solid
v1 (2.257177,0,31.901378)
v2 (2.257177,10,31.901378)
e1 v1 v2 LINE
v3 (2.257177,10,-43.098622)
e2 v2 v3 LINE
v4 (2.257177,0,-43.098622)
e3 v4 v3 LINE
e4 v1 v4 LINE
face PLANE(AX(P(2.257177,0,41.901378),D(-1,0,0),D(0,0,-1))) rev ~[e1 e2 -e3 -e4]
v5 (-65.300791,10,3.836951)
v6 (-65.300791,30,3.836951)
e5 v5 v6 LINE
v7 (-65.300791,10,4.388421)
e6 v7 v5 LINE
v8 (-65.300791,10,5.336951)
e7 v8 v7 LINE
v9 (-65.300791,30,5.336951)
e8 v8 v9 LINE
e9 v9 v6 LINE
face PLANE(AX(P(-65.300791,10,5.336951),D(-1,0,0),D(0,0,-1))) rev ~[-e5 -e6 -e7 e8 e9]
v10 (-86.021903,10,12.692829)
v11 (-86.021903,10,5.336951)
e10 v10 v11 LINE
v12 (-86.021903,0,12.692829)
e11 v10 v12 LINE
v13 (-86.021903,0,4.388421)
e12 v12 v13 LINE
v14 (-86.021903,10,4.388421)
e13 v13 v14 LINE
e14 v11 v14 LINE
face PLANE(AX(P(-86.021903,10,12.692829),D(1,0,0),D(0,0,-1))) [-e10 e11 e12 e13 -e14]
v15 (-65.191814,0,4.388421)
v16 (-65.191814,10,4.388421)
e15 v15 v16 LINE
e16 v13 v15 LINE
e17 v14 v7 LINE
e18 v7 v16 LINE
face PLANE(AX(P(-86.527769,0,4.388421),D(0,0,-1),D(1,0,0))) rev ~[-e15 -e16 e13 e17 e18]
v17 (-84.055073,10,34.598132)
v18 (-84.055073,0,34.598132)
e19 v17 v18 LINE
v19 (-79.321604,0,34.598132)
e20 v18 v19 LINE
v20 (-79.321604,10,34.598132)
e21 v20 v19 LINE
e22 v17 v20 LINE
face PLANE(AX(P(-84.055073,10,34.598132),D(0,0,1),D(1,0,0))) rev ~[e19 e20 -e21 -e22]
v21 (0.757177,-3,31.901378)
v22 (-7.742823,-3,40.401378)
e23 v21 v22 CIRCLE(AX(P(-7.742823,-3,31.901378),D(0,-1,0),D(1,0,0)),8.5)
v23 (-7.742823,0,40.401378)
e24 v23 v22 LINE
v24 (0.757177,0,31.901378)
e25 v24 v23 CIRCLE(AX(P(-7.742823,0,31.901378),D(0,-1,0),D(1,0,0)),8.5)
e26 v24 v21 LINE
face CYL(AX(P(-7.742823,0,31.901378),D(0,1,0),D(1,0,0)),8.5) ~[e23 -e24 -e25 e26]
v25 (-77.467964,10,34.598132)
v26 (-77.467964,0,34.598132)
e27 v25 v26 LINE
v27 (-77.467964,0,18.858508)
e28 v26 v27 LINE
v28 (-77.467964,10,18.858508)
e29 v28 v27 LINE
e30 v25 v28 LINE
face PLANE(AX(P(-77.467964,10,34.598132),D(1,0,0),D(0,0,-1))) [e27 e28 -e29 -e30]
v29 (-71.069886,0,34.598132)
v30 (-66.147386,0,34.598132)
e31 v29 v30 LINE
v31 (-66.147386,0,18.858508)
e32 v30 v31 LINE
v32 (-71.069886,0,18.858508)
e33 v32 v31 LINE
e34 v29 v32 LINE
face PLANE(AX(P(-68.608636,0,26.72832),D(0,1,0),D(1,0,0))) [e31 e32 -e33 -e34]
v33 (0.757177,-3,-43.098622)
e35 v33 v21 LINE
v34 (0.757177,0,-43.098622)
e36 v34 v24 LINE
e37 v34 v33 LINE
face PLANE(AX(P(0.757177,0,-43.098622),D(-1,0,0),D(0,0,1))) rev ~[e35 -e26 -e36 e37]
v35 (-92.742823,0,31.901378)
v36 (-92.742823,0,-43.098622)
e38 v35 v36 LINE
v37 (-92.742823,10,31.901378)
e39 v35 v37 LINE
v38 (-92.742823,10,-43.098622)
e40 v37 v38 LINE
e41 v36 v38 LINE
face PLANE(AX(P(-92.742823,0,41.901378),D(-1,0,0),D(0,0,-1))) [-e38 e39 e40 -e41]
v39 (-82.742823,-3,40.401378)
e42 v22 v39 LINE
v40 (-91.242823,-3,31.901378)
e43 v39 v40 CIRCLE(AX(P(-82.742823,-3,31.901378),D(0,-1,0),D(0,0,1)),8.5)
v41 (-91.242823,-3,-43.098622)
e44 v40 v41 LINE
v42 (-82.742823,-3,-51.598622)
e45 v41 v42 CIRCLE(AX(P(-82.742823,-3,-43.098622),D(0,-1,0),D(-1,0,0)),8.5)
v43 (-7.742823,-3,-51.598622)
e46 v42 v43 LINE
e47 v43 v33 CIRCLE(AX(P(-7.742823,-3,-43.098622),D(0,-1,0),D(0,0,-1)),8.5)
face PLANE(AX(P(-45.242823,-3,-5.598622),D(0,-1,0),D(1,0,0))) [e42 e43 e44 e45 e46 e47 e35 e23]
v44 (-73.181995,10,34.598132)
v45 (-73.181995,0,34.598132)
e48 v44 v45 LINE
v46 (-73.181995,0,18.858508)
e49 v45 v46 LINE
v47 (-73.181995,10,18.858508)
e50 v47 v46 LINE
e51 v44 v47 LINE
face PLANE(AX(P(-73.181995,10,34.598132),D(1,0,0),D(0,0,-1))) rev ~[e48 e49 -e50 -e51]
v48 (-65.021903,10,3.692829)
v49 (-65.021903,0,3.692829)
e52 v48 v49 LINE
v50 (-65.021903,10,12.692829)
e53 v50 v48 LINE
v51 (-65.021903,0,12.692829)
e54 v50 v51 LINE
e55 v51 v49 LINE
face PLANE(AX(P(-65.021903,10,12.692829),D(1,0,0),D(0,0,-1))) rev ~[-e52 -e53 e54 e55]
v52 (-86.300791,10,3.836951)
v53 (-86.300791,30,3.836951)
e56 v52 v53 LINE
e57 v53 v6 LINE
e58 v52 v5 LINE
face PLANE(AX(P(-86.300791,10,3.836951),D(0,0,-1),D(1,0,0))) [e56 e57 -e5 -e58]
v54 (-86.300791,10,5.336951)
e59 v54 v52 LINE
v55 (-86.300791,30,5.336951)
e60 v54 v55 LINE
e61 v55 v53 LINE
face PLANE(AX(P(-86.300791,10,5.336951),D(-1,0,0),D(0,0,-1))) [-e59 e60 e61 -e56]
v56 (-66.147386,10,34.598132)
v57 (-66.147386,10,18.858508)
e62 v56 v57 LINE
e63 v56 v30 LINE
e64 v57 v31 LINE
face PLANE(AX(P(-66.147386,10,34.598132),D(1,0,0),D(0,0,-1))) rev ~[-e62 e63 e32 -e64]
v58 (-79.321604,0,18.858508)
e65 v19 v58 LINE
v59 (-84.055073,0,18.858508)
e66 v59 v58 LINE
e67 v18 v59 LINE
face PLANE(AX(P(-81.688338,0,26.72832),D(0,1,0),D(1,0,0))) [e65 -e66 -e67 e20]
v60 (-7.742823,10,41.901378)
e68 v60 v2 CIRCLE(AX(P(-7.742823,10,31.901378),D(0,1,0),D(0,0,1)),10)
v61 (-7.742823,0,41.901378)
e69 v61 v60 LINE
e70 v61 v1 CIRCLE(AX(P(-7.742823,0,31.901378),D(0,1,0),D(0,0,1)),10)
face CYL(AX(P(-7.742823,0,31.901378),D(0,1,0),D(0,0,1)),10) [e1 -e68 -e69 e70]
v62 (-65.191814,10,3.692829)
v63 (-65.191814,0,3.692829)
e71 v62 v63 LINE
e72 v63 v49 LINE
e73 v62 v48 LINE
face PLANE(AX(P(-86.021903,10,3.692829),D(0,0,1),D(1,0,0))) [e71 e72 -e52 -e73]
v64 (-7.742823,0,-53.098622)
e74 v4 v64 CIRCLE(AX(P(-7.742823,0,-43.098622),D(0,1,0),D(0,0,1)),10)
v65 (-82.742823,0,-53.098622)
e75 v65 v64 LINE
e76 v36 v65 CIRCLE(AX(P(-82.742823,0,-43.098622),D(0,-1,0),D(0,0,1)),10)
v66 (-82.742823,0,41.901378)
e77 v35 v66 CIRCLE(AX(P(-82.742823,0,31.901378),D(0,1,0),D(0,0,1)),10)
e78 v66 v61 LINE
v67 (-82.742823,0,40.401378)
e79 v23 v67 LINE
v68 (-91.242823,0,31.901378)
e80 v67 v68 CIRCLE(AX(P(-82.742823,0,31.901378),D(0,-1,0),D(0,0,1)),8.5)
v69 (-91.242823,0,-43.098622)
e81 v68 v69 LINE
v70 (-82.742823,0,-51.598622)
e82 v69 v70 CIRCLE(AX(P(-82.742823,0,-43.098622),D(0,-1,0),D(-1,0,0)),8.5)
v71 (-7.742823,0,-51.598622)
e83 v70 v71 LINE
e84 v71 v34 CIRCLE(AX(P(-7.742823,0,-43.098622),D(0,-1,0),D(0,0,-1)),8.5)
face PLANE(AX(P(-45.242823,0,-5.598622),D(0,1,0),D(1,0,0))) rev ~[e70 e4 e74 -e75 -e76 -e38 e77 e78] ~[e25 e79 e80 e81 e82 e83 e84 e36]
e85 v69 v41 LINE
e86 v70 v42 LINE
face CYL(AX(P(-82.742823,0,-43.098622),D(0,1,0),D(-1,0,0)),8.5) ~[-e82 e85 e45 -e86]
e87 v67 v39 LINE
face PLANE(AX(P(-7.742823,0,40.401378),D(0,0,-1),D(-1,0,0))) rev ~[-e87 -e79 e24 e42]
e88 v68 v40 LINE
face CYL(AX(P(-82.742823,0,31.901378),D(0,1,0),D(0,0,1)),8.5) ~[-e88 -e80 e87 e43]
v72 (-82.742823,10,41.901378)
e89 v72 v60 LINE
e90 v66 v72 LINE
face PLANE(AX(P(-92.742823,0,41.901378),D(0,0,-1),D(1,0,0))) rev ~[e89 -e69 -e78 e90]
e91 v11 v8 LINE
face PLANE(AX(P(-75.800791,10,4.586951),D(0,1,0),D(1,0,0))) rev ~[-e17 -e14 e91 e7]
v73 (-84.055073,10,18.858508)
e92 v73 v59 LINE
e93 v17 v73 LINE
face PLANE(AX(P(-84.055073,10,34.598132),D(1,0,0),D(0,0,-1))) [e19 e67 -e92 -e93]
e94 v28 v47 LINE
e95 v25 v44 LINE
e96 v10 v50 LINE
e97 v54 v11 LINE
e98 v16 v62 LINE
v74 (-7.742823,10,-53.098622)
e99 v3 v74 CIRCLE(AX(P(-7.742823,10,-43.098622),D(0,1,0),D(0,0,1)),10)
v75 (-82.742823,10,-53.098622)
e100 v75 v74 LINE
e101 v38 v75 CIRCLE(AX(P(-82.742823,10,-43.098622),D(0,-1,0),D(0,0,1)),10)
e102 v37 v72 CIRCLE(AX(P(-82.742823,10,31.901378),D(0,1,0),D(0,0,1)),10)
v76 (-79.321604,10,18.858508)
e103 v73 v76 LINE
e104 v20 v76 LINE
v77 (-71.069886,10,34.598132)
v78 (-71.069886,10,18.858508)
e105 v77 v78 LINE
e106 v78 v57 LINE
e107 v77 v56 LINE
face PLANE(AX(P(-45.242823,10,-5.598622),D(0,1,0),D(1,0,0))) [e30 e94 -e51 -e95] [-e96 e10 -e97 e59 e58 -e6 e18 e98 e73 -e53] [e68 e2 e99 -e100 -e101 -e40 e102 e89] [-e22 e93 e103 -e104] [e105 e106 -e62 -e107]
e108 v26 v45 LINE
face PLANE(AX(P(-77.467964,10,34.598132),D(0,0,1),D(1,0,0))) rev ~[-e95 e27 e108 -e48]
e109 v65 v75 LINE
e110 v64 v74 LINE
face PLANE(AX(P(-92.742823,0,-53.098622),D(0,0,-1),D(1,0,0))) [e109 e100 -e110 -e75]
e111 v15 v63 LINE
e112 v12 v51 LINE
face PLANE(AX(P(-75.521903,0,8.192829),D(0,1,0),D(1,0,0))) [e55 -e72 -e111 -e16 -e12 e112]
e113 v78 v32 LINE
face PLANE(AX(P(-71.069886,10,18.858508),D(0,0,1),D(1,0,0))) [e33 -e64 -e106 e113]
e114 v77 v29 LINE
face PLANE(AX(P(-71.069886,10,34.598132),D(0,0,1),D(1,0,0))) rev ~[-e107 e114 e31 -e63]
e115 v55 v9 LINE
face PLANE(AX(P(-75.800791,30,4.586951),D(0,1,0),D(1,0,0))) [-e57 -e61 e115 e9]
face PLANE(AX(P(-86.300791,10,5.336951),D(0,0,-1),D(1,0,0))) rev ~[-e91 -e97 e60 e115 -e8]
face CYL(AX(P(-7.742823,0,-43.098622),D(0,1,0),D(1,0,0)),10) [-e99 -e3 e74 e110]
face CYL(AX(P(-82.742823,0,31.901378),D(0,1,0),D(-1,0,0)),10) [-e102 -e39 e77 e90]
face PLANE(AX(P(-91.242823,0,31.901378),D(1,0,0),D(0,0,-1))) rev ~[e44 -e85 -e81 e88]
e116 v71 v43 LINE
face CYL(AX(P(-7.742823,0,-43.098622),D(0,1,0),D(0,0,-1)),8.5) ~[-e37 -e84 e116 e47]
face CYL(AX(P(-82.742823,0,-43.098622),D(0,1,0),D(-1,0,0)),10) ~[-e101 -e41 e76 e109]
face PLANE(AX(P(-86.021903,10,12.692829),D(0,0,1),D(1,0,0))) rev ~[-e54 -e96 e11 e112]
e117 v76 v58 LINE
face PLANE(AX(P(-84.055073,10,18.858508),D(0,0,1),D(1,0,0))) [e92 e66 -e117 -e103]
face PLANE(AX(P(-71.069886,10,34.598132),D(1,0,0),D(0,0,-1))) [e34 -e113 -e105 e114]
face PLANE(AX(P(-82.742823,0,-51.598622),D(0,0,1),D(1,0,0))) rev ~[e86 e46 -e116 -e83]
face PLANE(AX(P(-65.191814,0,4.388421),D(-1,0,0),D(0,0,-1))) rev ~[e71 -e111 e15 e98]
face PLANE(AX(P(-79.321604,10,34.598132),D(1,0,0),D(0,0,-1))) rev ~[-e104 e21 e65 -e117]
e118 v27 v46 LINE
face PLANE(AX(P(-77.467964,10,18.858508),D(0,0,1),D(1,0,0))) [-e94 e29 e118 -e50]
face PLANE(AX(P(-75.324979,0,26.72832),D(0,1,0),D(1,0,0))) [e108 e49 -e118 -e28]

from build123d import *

# Parameters (mm, degrees)
SKETCH1_W            = 95
SKETCH1_H            = 95
BOSS_EXTRUDE1_DEPTH  = 10
FILLET1_R            = 10
BOSS_EXTRUDE2_DEPTH  = 3
SKETCH5_W            = 4.733468523
SKETCH5_H            = 15.739624206
SKETCH5_W_2          = 4.285968544
SKETCH5_W_3          = 4.922499766
CUT_EXTRUDE1_DEPTH   = 10
SKETCH14_W           = 21
SKETCH14_H           = 9
CUT_EXTRUDE2_DEPTH   = 10
SKETCH16_W           = 21.335954762
SKETCH16_H           = 13.618694529
BOSS_EXTRUDE7_DEPTH  = 10
SKETCH20_W           = 21
SKETCH20_H           = 1.5
BOSS_EXTRUDE13_DEPTH = 20


with BuildPart() as part:
    # Sketch1 → Boss-Extrude1 (new body)
    with BuildSketch(Plane(origin=(-45.242822535, 0, -5.598622024), x_dir=(1, 0, 0), z_dir=(0, 1, 0))):
        Rectangle(SKETCH1_W, SKETCH1_H)
    extrude(amount=BOSS_EXTRUDE1_DEPTH)

    # Fillet1
    fillet1_edges = [part.edges().sort_by_distance(p)[0] for p in [
        (2.257177465, 5, 41.901377976),
        (-92.742822535, 5, 41.901377976),
        (-92.742822535, 5, -53.098622024),
        (2.257177465, 5, -53.098622024),
    ]]
    fillet(fillet1_edges, radius=FILLET1_R)

    # Sketch4 → Boss-Extrude2 (add)
    with BuildSketch(Plane(origin=(-45.242822535, 0, -5.598622024), x_dir=(1, 0, 0), z_dir=(0, -1, 0))):
        with BuildLine():
            Line((-46, 37.5), (-46, -37.5))
            ThreePointArc((-46, -37.5), (-43.51040764, -43.51040764), (-37.5, -46))
            Line((-37.5, -46), (37.5, -46))
            ThreePointArc((37.5, -46), (43.51040764, -43.51040764), (46, -37.5))
            Line((46, -37.5), (46, 37.5))
            ThreePointArc((46, 37.5), (43.51040764, 43.51040764), (37.5, 46))
            Line((37.5, 46), (-37.5, 46))
            ThreePointArc((-37.5, 46), (-43.51040764, 43.51040764), (-46, 37.5))
        make_face()
    extrude(amount=BOSS_EXTRUDE2_DEPTH)

    # Sketch5 → Cut-Extrude1 (cut)
    with BuildSketch(Plane(origin=(-45.242822535, 10, -5.598622024), x_dir=(1, 0, 0), z_dir=(0, 1, 0))):
        with Locations((-36.445515764, -32.326942183)):
            Rectangle(SKETCH5_W, SKETCH5_H)
        with Locations((-30.082156711, -32.326942183)):
            Rectangle(SKETCH5_W_2, SKETCH5_H)
        with Locations((-23.365813302, -32.326942183)):
            Rectangle(SKETCH5_W_3, SKETCH5_H)
    extrude(amount=-CUT_EXTRUDE1_DEPTH, mode=Mode.SUBTRACT)

    # Sketch14 → Cut-Extrude2 (cut)
    with BuildSketch(Plane(origin=(0, 10, 0), x_dir=(1, 0, 0), z_dir=(0, 1, 0))):
        with Locations((-75.521903194, -8.192829138)):
            Rectangle(SKETCH14_W, SKETCH14_H)
    extrude(amount=-CUT_EXTRUDE2_DEPTH, mode=Mode.SUBTRACT)

    # Sketch16 → Boss-Extrude7 (add)
    with BuildSketch(Plane(origin=(0, 0, 0), x_dir=(1, 0, 0), z_dir=(0, 1, 0))):
        with Locations((-75.859791542, 2.420926633)):
            Rectangle(SKETCH16_W, SKETCH16_H)
    extrude(amount=BOSS_EXTRUDE7_DEPTH)

    # Sketch20 → Boss-Extrude13 (add)
    with BuildSketch(Plane(origin=(0, 10, 0), x_dir=(1, 0, 0), z_dir=(0, 1, 0))):
        with Locations((-75.800790681, -4.586951107)):
            Rectangle(SKETCH20_W, SKETCH20_H)
    extrude(amount=BOSS_EXTRUDE13_DEPTH)


solid = part.part
